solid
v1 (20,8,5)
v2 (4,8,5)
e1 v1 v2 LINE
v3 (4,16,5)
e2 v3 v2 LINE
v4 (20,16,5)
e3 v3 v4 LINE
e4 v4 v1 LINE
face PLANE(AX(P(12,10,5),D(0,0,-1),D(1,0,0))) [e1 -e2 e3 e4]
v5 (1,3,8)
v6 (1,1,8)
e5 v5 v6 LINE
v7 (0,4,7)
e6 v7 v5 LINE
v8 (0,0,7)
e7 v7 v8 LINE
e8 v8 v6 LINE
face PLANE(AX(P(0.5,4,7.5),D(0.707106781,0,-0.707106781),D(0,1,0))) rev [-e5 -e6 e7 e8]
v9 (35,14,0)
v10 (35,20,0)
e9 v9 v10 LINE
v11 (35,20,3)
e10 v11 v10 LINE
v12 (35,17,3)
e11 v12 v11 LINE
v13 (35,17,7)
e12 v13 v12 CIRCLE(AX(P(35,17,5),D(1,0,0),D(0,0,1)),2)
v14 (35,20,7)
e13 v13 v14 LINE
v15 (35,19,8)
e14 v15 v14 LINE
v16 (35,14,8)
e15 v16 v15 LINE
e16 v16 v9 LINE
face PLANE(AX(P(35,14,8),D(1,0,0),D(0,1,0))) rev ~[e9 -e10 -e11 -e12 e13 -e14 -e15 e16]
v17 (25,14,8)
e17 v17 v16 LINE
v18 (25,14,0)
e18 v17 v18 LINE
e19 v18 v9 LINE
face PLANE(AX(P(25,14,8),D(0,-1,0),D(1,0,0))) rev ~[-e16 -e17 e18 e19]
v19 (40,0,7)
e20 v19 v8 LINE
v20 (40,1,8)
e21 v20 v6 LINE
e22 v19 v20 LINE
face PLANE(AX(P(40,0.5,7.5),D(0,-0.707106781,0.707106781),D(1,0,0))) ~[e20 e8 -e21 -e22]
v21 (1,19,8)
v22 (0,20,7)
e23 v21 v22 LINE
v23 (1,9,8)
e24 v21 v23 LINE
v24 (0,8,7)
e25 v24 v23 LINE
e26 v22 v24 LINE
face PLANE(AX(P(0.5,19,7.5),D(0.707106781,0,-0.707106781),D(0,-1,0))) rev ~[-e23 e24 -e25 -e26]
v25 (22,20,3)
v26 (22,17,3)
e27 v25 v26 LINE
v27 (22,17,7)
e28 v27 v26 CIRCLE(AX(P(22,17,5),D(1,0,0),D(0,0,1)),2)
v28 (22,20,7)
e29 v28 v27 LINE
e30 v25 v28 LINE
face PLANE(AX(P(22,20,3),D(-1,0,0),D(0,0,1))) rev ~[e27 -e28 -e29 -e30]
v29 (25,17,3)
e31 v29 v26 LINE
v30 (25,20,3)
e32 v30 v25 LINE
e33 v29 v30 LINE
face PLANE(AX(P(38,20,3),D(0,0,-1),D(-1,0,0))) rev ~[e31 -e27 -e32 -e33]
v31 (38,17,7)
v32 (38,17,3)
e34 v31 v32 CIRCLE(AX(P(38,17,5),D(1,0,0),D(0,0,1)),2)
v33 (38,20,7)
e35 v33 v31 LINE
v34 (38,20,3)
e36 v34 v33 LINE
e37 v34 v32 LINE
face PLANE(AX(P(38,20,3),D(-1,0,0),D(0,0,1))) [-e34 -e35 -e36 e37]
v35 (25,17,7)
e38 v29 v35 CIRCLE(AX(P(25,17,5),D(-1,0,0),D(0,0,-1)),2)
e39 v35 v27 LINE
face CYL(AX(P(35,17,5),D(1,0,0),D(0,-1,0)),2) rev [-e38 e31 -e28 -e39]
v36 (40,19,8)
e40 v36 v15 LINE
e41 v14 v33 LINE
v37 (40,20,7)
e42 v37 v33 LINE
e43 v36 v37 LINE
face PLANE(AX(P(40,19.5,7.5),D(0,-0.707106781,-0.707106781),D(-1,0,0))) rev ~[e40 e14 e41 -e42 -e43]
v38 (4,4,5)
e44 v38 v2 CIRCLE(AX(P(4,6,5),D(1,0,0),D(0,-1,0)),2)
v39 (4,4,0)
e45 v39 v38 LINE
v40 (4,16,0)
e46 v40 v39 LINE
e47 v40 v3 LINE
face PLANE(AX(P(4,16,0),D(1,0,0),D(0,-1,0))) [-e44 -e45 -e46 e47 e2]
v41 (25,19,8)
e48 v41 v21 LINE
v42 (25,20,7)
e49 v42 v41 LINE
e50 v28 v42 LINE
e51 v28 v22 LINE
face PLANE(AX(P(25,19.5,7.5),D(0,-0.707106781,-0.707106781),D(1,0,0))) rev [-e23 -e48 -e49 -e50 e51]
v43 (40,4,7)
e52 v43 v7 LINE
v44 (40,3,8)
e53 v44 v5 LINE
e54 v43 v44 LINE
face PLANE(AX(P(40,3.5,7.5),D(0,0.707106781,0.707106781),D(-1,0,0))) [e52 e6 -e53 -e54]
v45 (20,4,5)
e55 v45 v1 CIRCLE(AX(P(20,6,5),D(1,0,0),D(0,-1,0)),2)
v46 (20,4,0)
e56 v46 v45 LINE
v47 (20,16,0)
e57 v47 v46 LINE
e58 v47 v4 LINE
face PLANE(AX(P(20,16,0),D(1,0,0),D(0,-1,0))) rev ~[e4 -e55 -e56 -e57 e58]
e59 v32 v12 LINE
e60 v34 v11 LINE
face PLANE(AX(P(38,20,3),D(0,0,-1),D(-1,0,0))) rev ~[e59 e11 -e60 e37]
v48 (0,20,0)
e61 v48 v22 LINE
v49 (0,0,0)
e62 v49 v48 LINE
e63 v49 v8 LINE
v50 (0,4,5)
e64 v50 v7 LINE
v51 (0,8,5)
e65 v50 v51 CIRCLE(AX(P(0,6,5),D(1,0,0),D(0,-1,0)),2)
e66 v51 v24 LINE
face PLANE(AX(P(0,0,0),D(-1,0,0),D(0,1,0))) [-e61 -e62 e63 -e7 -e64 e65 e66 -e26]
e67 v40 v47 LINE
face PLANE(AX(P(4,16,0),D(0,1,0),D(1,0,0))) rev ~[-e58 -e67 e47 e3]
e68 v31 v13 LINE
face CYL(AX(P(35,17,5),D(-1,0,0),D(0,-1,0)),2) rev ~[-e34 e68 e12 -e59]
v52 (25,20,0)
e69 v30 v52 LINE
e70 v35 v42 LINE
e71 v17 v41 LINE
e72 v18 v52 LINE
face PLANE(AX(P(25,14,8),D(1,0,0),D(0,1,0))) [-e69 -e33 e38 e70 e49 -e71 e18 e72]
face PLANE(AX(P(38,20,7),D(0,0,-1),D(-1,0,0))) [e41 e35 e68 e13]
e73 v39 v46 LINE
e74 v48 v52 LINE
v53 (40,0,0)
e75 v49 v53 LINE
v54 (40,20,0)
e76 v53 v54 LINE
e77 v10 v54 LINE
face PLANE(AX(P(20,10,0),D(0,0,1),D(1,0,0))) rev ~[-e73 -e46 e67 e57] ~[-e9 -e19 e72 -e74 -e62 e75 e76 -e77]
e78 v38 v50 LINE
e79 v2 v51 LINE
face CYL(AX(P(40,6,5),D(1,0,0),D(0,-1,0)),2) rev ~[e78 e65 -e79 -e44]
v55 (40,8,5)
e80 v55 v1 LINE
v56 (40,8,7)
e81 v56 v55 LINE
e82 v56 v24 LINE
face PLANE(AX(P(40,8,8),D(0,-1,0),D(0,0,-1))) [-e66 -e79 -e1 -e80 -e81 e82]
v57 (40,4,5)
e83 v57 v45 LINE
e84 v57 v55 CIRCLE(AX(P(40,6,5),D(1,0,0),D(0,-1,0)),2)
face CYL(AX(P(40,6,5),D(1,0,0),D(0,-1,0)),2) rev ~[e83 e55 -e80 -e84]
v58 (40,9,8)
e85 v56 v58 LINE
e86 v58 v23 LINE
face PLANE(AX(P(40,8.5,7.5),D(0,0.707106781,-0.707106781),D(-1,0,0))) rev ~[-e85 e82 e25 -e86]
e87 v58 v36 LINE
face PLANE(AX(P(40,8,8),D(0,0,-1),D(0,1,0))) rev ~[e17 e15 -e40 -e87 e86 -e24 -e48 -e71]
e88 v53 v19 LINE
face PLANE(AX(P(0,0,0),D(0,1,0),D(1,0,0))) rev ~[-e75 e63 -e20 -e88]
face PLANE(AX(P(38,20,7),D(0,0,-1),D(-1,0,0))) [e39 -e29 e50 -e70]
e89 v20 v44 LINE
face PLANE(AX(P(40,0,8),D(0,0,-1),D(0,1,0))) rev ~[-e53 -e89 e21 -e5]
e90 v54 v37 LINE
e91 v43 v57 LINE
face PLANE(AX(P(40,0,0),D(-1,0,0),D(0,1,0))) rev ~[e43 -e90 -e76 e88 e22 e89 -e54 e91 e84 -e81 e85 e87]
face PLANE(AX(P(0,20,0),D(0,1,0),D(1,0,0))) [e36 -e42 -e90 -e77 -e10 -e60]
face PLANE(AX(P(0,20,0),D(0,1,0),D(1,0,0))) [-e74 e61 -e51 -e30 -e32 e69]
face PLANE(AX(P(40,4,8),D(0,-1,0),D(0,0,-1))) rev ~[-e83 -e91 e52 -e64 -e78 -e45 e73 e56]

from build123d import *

# Parameters (mm, degrees)
SKETCH_W             = 40
SKETCH_H             = 20
PAD_DEPTH            = 10
POCKET_DEPTH         = 40.001
SKETCH002_W          = 10
SKETCH002_H          = 6
POCKET001_DEPTH      = 8.001
SKETCH003_R          = 2
POCKET002_DEPTH      = 3
POCKET002_DEPTH_BACK = -13
SKETCH004_W          = 16
SKETCH004_H          = 4
POCKET003_DEPTH      = 3
CHAMFER_SIZE         = 1
CHAMFER001_SIZE      = 1
CHAMFER002_SIZE      = 1
CHAMFER003_SIZE      = 1
CHAMFER004_SIZE      = 1
CHAMFER005_SIZE      = 1
CHAMFER006_SIZE      = 1
SKETCH005_W          = 16
SKETCH005_H          = 12
POCKET004_DEPTH      = 5


with BuildPart() as part:
    # Sketch → Pad (new body)
    with BuildSketch(Plane.XY):
        with Locations((20, 10)):
            Rectangle(SKETCH_W, SKETCH_H)
    extrude(amount=PAD_DEPTH)

    # Sketch001 (on Face2 of Pad) → Pocket (cut, through all)
    with BuildSketch(Plane.YZ.offset(40)):
        with BuildLine():
            Line((0, 8), (4, 8))
            Line((4, 8), (4, 5))
            ThreePointArc((4, 5), (6, 3), (8, 5))
            Line((8, 8), (8, 5))
            Line((8, 8), (25, 8))
            Line((25, 8), (25, 10))
            Line((25, 10), (0, 10))
            Line((0, 10), (0, 8))
        make_face()
    extrude(amount=-POCKET_DEPTH, mode=Mode.SUBTRACT)

    # Sketch002 (on Face4 of Pocket) → Pocket001 (cut, through all)
    with BuildSketch(Plane.XY.offset(8)):
        with Locations((30, 17)):
            Rectangle(SKETCH002_W, SKETCH002_H)
    extrude(amount=-POCKET001_DEPTH, mode=Mode.SUBTRACT)

    # Sketch003 (on Face9 of Pocket001) → Pocket002 (cut, two sides)
    with BuildSketch(Plane(origin=(35, 0, 0), x_dir=(0, -1, 0), z_dir=(-1, 0, 0))) as pocket002_sk:
        with Locations((-17, 5)):
            Circle(SKETCH003_R)
    extrude(amount=-POCKET002_DEPTH, mode=Mode.SUBTRACT)
    extrude(pocket002_sk.sketch, amount=-POCKET002_DEPTH_BACK, mode=Mode.SUBTRACT)

    # Sketch004 (on Face1 of Pocket002) → Pocket003 (cut)
    with BuildSketch(Plane(origin=(0, 20, 0), x_dir=(-1, 0, 0), z_dir=(0, 1, 0))):
        with Locations((-30, 5)):
            Rectangle(SKETCH004_W, SKETCH004_H)
    extrude(amount=-POCKET003_DEPTH, mode=Mode.SUBTRACT)

    # Chamfer
    chamfer_edges = [part.edges().sort_by_distance(p)[0] for p in [
        (20, 0, 8),
    ]]
    chamfer(chamfer_edges, length=CHAMFER_SIZE)

    # Chamfer001
    chamfer001_edges = [part.edges().sort_by_distance(p)[0] for p in [
        (12.5, 20, 8),
    ]]
    chamfer(chamfer001_edges, length=CHAMFER001_SIZE)

    # Chamfer002
    chamfer002_edges = [part.edges().sort_by_distance(p)[0] for p in [
        (37.5, 20, 8),
    ]]
    chamfer(chamfer002_edges, length=CHAMFER002_SIZE)

    # Chamfer003
    chamfer003_edges = [part.edges().sort_by_distance(p)[0] for p in [
        (0, 13.5, 8),
    ]]
    chamfer(chamfer003_edges, length=CHAMFER003_SIZE)

    # Chamfer004
    chamfer004_edges = [part.edges().sort_by_distance(p)[0] for p in [
        (0, 2.5, 8),
    ]]
    chamfer(chamfer004_edges, length=CHAMFER004_SIZE)

    # Chamfer005
    chamfer005_edges = [part.edges().sort_by_distance(p)[0] for p in [
        (20.5, 8, 8),
    ]]
    chamfer(chamfer005_edges, length=CHAMFER005_SIZE)

    # Chamfer006
    chamfer006_edges = [part.edges().sort_by_distance(p)[0] for p in [
        (20.5, 4, 8),
    ]]
    chamfer(chamfer006_edges, length=CHAMFER006_SIZE)

    # Sketch005 (on Face11 of Chamfer006) → Pocket004 (cut)
    with BuildSketch(Plane(origin=(0, 0, 0), x_dir=(1, 0, 0), z_dir=(0, 0, -1))):
        with Locations((12, -10)):
            Rectangle(SKETCH005_W, SKETCH005_H)
    extrude(amount=-POCKET004_DEPTH, mode=Mode.SUBTRACT)


solid = part.part
